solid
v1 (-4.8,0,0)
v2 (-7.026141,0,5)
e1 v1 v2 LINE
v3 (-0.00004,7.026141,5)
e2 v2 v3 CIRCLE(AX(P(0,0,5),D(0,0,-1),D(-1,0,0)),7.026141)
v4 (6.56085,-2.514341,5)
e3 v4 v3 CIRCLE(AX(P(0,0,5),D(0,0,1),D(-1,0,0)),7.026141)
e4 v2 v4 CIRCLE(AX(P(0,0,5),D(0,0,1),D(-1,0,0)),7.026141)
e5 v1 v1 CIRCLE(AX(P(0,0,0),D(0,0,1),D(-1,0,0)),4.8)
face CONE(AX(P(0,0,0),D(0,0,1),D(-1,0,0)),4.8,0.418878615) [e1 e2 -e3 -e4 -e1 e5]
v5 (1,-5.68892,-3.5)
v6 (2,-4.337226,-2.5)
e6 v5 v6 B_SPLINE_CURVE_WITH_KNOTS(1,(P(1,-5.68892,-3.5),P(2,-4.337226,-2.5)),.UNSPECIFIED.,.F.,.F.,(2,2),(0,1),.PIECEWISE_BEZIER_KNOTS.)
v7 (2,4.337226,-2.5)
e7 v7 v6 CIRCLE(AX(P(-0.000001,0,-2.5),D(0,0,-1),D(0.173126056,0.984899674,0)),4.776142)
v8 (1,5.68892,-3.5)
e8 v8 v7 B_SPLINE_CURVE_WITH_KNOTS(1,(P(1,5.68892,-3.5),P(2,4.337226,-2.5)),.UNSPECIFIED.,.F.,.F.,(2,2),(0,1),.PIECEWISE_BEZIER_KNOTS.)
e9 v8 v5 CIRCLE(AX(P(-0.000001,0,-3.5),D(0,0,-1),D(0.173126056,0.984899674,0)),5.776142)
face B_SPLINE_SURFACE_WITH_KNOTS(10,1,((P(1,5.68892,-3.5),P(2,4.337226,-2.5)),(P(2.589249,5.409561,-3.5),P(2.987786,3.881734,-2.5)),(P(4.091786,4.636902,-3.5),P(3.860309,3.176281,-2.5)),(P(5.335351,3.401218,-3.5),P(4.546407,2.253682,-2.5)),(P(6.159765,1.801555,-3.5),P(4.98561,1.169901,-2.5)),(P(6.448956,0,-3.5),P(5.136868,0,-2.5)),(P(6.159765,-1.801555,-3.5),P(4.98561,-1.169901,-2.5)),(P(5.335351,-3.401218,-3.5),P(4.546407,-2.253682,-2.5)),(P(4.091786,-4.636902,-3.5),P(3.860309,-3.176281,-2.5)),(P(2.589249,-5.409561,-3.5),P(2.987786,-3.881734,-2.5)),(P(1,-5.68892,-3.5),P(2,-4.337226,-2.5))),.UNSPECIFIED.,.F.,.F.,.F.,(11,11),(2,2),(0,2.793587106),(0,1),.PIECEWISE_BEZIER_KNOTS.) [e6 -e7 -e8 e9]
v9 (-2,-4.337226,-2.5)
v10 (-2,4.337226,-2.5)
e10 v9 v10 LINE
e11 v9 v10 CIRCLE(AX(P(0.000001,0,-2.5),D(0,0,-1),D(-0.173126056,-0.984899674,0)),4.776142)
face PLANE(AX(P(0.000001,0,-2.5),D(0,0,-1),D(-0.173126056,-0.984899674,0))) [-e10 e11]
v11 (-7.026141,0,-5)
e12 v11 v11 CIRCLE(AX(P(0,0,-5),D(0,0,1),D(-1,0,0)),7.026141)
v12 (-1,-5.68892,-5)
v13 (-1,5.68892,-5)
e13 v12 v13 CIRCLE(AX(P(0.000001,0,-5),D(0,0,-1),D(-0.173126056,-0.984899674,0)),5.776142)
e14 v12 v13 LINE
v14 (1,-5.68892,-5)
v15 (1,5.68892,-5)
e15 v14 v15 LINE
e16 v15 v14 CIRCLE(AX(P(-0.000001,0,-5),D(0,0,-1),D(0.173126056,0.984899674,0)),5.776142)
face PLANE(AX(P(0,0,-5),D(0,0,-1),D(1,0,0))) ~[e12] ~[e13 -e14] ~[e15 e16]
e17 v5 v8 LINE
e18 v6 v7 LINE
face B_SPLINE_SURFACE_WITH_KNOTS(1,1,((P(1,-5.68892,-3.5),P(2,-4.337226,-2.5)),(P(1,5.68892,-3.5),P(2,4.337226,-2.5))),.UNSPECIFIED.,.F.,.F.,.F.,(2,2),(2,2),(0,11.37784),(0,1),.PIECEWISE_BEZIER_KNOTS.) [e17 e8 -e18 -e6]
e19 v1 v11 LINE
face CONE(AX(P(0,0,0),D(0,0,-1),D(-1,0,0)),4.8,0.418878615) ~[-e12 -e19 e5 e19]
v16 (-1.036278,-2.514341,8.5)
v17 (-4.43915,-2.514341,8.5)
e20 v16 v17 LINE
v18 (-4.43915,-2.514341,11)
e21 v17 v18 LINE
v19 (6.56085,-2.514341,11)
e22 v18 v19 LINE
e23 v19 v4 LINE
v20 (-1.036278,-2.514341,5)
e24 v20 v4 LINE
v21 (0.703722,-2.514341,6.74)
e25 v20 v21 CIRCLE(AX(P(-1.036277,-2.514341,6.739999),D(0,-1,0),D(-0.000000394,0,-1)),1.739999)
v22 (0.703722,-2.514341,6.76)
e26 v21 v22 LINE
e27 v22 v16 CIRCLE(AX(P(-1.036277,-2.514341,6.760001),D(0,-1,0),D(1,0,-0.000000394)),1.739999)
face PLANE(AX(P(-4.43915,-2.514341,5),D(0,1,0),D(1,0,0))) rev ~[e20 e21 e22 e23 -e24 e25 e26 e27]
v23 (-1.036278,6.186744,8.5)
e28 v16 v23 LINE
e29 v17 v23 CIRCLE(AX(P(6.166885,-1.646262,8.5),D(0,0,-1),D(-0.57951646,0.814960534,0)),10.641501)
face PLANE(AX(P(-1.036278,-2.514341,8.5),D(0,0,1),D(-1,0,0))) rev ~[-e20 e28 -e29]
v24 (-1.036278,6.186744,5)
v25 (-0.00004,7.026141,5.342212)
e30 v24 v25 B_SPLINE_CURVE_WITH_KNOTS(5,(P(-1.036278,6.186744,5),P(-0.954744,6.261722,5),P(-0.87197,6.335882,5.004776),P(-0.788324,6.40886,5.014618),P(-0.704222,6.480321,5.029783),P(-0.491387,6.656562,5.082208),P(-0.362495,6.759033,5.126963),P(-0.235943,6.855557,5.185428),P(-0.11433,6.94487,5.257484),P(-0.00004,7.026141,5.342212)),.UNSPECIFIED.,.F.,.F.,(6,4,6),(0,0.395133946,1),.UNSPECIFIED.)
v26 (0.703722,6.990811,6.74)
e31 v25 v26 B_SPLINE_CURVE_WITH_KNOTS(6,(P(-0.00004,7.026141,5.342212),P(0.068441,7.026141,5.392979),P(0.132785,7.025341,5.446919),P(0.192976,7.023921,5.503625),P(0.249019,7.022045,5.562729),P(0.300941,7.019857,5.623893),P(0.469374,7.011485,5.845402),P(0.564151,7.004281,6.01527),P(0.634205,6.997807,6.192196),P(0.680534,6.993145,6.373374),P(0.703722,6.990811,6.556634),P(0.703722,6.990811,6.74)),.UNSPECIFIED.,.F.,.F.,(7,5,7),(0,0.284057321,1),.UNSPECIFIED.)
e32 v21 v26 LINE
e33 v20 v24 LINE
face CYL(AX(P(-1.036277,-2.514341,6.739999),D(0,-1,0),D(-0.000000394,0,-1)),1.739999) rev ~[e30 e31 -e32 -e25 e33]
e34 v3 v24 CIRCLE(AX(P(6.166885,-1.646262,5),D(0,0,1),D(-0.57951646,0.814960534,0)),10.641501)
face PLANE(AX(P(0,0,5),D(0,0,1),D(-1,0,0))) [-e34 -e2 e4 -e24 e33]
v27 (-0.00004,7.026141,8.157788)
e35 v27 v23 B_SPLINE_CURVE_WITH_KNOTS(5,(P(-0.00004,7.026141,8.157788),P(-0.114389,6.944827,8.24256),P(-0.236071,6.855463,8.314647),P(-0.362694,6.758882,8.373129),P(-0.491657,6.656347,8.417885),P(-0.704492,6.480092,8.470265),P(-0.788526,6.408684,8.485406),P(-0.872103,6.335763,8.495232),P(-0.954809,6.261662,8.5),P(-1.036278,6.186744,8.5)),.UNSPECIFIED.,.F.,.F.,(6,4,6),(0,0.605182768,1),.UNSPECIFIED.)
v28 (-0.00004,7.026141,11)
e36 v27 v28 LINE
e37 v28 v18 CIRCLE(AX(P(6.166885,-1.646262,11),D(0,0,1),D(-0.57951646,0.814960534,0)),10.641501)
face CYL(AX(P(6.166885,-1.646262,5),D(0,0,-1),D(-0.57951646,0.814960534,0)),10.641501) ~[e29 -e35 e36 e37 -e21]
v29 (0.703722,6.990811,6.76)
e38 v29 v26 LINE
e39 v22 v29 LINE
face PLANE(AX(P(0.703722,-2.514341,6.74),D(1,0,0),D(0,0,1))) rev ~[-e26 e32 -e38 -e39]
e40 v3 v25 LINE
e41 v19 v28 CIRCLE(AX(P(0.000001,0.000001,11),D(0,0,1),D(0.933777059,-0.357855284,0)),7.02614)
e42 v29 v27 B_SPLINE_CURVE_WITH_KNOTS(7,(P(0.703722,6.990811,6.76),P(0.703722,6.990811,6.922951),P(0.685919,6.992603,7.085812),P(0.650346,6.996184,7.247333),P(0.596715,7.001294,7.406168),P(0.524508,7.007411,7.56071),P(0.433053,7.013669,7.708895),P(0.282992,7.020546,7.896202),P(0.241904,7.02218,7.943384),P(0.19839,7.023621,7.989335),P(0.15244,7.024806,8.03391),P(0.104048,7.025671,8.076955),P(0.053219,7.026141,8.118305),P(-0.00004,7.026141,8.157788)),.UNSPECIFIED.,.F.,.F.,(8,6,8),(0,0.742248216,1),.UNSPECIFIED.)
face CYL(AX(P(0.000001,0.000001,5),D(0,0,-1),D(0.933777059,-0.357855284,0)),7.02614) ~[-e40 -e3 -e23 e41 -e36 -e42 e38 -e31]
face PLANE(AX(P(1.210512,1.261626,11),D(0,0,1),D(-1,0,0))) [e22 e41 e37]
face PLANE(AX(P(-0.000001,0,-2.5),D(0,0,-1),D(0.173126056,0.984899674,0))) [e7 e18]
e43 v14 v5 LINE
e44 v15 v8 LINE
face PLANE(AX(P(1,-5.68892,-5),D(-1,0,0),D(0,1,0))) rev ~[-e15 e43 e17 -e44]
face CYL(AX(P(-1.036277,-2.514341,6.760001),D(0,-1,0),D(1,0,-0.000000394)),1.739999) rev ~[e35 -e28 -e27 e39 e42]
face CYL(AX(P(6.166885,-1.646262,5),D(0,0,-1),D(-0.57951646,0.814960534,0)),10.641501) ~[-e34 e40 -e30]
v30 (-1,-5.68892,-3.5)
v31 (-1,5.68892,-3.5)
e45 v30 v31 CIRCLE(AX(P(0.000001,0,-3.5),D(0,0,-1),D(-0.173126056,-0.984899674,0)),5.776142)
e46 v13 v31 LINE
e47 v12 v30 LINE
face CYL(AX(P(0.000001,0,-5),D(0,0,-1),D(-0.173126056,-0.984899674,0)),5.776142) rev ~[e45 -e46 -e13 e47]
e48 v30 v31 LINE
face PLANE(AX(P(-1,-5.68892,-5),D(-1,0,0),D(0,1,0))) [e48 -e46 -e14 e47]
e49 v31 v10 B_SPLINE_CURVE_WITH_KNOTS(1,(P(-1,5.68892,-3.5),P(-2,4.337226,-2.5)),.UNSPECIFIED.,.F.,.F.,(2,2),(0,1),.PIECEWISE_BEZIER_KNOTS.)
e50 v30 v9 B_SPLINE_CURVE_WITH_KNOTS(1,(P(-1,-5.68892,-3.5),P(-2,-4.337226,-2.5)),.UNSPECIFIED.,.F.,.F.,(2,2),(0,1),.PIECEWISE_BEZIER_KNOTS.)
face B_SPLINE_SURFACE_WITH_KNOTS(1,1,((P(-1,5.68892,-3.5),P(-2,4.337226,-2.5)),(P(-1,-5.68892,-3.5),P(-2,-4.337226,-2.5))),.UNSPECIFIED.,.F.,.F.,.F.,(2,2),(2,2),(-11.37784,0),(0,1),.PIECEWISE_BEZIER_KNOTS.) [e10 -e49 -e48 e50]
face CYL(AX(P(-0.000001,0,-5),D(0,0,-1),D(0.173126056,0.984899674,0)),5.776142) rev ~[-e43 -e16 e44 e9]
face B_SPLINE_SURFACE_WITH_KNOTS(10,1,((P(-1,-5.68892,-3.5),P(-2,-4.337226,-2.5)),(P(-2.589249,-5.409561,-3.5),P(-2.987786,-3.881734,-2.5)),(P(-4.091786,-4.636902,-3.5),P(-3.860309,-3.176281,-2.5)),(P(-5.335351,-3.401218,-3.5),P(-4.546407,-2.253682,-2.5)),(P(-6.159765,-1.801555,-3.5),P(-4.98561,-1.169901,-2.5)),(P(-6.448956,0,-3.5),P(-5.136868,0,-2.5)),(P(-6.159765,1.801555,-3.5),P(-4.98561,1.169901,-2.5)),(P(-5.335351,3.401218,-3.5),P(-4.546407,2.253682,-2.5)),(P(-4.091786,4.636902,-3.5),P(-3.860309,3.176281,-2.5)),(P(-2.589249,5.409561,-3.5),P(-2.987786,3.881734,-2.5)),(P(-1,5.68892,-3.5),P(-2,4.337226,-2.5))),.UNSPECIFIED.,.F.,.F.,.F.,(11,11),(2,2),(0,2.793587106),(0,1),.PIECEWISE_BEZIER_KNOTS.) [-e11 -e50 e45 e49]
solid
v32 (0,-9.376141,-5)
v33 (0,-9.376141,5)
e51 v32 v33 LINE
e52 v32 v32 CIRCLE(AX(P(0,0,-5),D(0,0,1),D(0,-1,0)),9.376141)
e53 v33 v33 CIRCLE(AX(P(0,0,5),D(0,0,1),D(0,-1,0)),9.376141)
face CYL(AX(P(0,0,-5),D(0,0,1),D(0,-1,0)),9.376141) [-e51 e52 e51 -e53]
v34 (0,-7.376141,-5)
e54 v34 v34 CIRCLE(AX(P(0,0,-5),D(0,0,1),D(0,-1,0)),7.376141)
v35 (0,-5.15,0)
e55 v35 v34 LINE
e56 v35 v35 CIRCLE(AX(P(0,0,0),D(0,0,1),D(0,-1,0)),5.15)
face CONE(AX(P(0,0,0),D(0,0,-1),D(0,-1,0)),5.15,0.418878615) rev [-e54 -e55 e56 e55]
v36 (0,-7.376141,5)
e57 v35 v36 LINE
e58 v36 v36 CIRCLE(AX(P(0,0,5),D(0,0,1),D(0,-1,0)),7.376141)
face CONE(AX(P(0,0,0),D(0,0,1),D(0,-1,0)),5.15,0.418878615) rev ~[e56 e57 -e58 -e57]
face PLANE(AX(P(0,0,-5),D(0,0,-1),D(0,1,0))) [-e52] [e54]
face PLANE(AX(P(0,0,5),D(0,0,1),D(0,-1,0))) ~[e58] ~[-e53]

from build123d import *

# Parameters (mm, degrees)
PAD_DEPTH       = 6
POCKET_DEPTH    = 12
POCKET001_DEPTH = 9.5
POCKET002_DEPTH = 1.5
POCKET003_DEPTH = 1
POCKET003_TAPER = 45


with BuildPart() as body:
    # Sketch → Revolution (revolve)
    with BuildSketch(Plane.XZ):
        Polygon((0, 0), (-4.8, 0), (-7.026141, 5), (0, 5), align=None)
    revolution = revolve(axis=Axis((0, 0, 0), (0, 0, 1)))

    # Mirrored: Revolution across Sketch H_Axis
    add(revolution.mirror(Plane(origin=(0, 0, 0), x_dir=(0, -1, 0), z_dir=(0, 0, 1))))

    # Sketch001 (on Face2 of Mirrored) → Pad (new body)
    with BuildSketch(Plane(origin=(0, 0, 5), x_dir=(-1, 0, 0), z_dir=(0, 0, 1))):
        with BuildLine():
            ThreePointArc((-6.56085, 2.514341), (-5.789323, -3.981257), (4e-05, -7.026141))
            ThreePointArc((4e-05, -7.026141), (3.48134, -2.84298), (4.43915, 2.514341))
            Line((4.43915, 2.514341), (-6.56085, 2.514341))
        make_face()
    extrude(amount=PAD_DEPTH)

    # Sketch002 (on Face7 of Pad) → Pocket (cut)
    with BuildSketch(Plane.XZ.offset(2.514341)):
        with BuildLine():
            Line((-4.796278, 8.5), (-4.796278, 5))
            Line((-4.796278, 5), (-1.036278, 5))
            ThreePointArc((-1.036278, 5), (0.194088, 5.509634), (0.703722, 6.74))
            Line((0.703722, 6.74), (0.703722, 6.76))
            ThreePointArc((0.703722, 6.76), (0.194088, 7.990366), (-1.036278, 8.5))
            Line((-1.036278, 8.5), (-4.796278, 8.5))
        make_face()
    extrude(amount=-POCKET_DEPTH, mode=Mode.SUBTRACT)

    # Sketch003 → Pocket001 (cut, symmetric)
    with BuildSketch(Plane.YZ):
        with BuildLine():
            Line((-2.514341, 5), (-2.514341, 8.5))
            Line((-2.514341, 8.5), (-6.914341, 8.5))
            ThreePointArc((-6.914341, 8.5), (-7.267894, 8.353553), (-7.414341, 8))
            Line((-7.414341, 8), (-7.414341, 5.5))
            ThreePointArc((-7.414341, 5.5), (-7.267894, 5.146447), (-6.914341, 5))
            Line((-6.914341, 5), (-2.514341, 5))
        make_face()
    extrude(amount=POCKET001_DEPTH, both=True, mode=Mode.SUBTRACT)

    # Sketch004 (on Face10 of Pocket001) → Pocket002 (cut)
    with BuildSketch(Plane(origin=(0, 0, -5), x_dir=(1, 0, 0), z_dir=(0, 0, -1))):
        with BuildLine():
            ThreePointArc((-1, 5.68892), (-5.776141, 0), (-1, -5.68892))
            Line((-1, 5.68892), (-1, -5.68892))
        make_face()
        with BuildLine():
            Line((1, 5.68892), (1, -5.68892))
            ThreePointArc((1, -5.68892), (5.776141, 0), (1, 5.68892))
        make_face()
    extrude(amount=-POCKET002_DEPTH, mode=Mode.SUBTRACT)

    # Sketch005 (on Face19 of Pocket002) → Pocket003 (cut)
    with BuildSketch(Plane(origin=(0, 0, -3.5), x_dir=(1, 0, 0), z_dir=(0, 0, -1))):
        with BuildLine():
            ThreePointArc((-1, 5.68892), (-5.776141, 0), (-1, -5.68892))
            Line((-1, 5.68892), (-1, -5.68892))
        make_face()
        with BuildLine():
            Line((1, 5.68892), (1, -5.68892))
            ThreePointArc((1, -5.68892), (5.776141, 0), (1, 5.68892))
        make_face()
    extrude(amount=-POCKET003_DEPTH, taper=POCKET003_TAPER, mode=Mode.SUBTRACT)


with BuildPart() as body001:
    # Sketch006 → Revolution001 (revolve)
    with BuildSketch(Plane.YZ):
        Polygon((-5.15, 0), (-7.376141, 5), (-9.376141, 5), (-9.376141, 0), align=None)
    revolution001 = revolve(axis=Axis((0, 0, 0), (0, 0, 1)))

    # Mirrored001: Revolution001 across XY
    add(revolution001.mirror(Plane.XY))


solid = Compound([body.part, body001.part])
